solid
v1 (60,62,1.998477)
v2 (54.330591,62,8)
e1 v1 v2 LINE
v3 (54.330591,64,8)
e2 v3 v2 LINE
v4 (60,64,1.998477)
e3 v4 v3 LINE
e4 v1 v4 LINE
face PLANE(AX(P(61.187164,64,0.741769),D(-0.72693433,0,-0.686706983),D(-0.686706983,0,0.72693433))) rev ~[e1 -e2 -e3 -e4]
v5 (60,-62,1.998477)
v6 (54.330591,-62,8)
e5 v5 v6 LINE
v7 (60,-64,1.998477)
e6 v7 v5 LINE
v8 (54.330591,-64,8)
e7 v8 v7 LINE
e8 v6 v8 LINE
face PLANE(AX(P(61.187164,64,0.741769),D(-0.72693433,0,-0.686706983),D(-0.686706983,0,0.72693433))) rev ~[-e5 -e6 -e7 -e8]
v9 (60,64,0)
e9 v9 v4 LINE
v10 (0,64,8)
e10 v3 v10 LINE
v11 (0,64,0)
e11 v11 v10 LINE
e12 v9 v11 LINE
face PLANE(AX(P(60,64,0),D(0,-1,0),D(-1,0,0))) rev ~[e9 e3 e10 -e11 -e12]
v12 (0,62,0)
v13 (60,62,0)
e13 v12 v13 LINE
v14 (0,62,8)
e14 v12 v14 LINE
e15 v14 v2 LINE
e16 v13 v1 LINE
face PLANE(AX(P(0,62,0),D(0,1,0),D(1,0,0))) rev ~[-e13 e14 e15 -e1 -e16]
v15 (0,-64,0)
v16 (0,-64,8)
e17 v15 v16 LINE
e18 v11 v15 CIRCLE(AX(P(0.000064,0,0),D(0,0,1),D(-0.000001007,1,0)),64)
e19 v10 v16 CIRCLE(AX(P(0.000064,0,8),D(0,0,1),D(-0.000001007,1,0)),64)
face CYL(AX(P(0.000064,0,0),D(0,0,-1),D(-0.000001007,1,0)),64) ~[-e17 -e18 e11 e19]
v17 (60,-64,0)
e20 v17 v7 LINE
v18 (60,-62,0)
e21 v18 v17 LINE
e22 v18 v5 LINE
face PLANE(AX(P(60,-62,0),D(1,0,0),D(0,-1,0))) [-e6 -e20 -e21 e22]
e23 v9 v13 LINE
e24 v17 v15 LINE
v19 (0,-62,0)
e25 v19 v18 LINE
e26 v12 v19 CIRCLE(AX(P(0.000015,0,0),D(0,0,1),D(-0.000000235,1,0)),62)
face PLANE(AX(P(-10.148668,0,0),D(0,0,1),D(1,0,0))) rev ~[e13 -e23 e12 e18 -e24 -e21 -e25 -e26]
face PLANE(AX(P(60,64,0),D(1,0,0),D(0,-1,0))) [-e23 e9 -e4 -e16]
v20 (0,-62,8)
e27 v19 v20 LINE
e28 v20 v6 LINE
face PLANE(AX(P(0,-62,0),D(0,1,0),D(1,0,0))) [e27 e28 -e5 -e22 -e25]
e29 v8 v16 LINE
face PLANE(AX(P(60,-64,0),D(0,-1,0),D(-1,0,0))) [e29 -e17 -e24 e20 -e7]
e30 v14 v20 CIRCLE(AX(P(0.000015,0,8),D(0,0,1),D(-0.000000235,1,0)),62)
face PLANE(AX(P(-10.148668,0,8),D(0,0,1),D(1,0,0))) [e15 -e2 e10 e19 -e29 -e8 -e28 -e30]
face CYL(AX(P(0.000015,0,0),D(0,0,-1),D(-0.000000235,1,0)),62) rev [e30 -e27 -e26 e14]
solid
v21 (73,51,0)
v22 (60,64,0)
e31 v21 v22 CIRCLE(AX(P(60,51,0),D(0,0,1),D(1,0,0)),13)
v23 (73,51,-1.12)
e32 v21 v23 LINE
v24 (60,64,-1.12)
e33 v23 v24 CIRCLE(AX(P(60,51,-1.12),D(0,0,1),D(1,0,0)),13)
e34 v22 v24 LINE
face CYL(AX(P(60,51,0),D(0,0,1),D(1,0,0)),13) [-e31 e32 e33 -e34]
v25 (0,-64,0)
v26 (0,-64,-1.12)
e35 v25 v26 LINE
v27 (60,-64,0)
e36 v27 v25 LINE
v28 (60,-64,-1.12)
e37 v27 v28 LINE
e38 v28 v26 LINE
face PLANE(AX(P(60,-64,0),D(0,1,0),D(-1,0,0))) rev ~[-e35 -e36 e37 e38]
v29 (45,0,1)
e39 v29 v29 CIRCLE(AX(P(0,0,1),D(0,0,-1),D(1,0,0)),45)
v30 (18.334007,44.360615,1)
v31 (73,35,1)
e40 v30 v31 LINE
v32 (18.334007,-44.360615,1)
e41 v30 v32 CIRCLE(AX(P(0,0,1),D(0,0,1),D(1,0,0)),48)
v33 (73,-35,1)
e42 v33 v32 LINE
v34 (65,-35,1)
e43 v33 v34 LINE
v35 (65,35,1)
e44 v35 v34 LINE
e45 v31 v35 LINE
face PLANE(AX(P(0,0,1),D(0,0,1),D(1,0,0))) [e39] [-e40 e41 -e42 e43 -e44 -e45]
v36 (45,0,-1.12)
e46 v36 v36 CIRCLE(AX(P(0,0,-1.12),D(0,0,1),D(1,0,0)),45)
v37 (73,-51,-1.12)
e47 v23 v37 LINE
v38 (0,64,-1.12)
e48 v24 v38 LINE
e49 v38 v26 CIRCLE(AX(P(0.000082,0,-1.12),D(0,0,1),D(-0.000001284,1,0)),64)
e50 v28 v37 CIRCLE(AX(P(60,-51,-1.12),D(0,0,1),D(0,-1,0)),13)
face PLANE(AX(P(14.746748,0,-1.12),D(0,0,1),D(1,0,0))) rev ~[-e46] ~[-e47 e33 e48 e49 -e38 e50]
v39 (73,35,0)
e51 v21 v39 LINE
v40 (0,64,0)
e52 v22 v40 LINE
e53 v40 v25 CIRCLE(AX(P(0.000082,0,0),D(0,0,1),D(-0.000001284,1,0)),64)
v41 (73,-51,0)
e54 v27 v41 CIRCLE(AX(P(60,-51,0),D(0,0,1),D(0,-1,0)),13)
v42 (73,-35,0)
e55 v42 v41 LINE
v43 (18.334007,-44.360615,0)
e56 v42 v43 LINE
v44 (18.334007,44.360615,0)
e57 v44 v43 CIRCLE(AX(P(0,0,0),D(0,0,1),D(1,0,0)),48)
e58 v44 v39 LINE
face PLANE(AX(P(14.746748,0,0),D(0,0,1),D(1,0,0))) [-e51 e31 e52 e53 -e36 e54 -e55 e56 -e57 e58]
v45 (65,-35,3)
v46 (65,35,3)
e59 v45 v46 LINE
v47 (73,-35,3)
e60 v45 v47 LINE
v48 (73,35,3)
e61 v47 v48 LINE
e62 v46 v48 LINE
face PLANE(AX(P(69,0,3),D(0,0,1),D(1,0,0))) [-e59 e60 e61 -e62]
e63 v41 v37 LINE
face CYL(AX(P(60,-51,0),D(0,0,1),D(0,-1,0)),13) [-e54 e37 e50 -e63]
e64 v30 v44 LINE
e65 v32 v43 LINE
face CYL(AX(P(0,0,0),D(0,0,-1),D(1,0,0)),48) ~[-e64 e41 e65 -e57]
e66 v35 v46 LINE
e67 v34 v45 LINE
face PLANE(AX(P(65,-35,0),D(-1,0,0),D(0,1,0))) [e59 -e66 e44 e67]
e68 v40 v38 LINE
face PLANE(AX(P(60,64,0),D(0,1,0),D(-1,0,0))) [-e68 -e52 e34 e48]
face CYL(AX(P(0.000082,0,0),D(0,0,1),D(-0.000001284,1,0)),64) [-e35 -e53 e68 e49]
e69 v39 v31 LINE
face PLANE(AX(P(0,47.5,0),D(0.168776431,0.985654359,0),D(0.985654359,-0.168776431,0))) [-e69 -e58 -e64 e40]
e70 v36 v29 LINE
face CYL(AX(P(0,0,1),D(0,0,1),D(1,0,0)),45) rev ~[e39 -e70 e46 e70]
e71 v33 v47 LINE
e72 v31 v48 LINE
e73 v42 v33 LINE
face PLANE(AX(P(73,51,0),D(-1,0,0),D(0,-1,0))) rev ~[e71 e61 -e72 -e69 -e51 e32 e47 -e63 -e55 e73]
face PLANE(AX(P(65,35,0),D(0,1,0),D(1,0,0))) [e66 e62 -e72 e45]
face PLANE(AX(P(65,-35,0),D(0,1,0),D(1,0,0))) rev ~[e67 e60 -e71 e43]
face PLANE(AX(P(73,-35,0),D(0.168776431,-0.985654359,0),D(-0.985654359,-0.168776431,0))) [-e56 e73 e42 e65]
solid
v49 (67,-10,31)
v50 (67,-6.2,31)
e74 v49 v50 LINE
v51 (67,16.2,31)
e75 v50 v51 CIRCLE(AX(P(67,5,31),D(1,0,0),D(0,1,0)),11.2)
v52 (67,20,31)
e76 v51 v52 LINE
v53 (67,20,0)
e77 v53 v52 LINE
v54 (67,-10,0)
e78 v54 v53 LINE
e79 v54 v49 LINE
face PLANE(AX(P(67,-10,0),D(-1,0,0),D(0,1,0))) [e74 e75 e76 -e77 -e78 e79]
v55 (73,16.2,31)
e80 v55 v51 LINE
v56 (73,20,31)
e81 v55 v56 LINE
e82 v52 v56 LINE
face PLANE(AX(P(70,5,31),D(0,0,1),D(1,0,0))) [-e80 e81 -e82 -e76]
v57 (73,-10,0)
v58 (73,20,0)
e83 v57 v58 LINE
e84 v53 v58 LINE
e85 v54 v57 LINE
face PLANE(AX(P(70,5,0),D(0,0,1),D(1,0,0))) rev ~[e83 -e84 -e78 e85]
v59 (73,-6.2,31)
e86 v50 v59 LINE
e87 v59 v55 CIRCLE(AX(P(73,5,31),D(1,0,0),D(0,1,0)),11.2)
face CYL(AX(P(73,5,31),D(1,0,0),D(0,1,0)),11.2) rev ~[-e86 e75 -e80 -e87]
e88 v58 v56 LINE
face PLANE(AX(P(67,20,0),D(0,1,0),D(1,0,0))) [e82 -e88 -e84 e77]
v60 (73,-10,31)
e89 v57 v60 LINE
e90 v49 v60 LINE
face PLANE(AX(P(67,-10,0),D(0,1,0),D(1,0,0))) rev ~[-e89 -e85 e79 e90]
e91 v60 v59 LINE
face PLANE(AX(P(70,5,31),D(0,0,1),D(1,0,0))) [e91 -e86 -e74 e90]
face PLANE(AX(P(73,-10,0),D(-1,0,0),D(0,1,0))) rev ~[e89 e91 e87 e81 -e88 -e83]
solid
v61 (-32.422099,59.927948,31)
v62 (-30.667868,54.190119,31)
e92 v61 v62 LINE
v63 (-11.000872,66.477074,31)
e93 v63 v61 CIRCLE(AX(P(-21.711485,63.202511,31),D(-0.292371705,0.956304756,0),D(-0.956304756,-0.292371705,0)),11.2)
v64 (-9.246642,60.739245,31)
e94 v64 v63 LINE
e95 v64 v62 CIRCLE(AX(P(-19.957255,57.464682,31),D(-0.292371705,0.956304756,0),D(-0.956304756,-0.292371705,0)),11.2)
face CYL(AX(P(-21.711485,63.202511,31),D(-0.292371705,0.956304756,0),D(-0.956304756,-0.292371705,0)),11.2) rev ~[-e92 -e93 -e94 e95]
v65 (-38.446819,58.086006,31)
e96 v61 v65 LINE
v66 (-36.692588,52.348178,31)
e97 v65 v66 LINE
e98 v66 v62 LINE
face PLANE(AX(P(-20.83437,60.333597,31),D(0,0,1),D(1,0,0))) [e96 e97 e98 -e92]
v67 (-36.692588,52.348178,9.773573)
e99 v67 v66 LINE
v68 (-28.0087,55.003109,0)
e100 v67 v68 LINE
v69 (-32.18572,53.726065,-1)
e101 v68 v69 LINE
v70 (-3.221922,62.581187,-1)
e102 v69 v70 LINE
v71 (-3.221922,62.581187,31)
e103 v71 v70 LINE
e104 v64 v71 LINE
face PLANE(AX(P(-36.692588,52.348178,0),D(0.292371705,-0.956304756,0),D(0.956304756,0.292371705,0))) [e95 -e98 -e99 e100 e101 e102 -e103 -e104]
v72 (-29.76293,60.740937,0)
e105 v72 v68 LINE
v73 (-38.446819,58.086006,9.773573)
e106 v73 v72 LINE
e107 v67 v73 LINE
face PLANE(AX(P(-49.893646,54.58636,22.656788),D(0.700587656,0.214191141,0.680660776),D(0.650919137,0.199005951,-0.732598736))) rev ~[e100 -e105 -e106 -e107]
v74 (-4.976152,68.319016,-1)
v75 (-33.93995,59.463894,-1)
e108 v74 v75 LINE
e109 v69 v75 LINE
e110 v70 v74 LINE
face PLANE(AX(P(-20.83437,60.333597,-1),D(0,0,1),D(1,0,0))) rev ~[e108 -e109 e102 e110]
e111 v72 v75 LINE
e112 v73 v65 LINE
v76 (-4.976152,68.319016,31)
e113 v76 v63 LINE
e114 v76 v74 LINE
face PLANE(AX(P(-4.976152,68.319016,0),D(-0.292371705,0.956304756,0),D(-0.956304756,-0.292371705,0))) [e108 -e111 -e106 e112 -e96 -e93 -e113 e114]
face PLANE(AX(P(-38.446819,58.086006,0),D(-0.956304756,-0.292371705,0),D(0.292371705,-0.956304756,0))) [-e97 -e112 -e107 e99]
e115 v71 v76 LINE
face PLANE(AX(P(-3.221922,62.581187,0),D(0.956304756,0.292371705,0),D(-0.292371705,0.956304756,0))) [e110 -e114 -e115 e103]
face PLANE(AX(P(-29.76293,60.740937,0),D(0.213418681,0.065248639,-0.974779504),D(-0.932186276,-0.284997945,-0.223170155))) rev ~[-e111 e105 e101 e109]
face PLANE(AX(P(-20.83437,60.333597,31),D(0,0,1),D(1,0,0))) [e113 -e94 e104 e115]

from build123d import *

# Parameters (mm, degrees)
PAD001_DEPTH      = 8
POCKET005_DEPTH   = 128.0010000001
SKETCH020_W       = 6
SKETCH020_H       = 30
PAD004_DEPTH      = 31
SKETCH021_R       = 11.2
POCKET_DEPTH      = 6.001
PAD005_DEPTH      = 31
PAD005_DEPTH_BACK = 1
SKETCH022_R       = 11.2
POCKET006_DEPTH   = 15.7868758107
POCKET007_DEPTH   = 6
SKETCH001_R       = 45
PAD_DEPTH         = 1.12
SKETCH_W          = 8
SKETCH_H          = 70
PAD003_DEPTH      = 3
SKETCH024_R       = 48
PAD006_DEPTH      = 1
SKETCH025_R       = 45
POCKET008_DEPTH   = 2.121
PAD007_DEPTH      = 1
SKETCH027_R       = 45
POCKET009_DEPTH   = 2.121


with BuildPart() as bevel_connector:
    # Sketch002 → Pad001 (new body)
    with BuildSketch(Plane.XY):
        with BuildLine():
            Line((60, 64), (0, 64))
            ThreePointArc((0, 64), (-63.9999355288, 0), (0, -64))
            Line((60, -64), (0, -64))
            Line((60, -62), (60, -64))
            Line((0, -62), (60, -62))
            ThreePointArc((0, 62), (-61.9999854046, 0), (0, -62))
            Line((0, 62), (60, 62))
            Line((60, 64), (60, 62))
        make_face()
    extrude(amount=PAD001_DEPTH)

    # Sketch011 → Pocket005 (cut, through all)
    with BuildSketch(Plane(origin=(0, 64, 0), x_dir=(-1, 0, 0), z_dir=(0, 1, 0))):
        Polygon((-53.9525, 8.40024), (-64.2022626889, 10.8364072587), (-61.1871640783, 0.741768758), align=None)
    extrude(amount=-POCKET005_DEPTH, mode=Mode.SUBTRACT)


with BuildPart() as synchole:
    # Sketch020 → Pad004 (new body)
    with BuildSketch(Plane.XY):
        with Locations((70, 5)):
            Rectangle(SKETCH020_W, SKETCH020_H)
    extrude(amount=PAD004_DEPTH)

    # Sketch021 → Pocket (cut, through all)
    with BuildSketch(Plane.YZ.offset(73)):
        with Locations((5, 31)):
            Circle(SKETCH021_R)
    extrude(amount=-POCKET_DEPTH, mode=Mode.SUBTRACT)


with BuildPart() as stbevel1:
    # Sketch017 → Pad005 (new body, two sides)
    with BuildSketch(Plane.XY) as pad005_sk:
        Polygon((-4.9761521334, 68.3190157273), (-38.4468185922, 58.086006062), (-36.6925883638, 52.3481775262), (-3.2219219051, 62.5811871915), align=None)
    extrude(amount=PAD005_DEPTH)
    extrude(pad005_sk.sketch, amount=-PAD005_DEPTH_BACK)

    # Sketch022 → Pocket006 (cut, through all)
    with BuildSketch(Plane(origin=(-19.5271219074, 63.8703378224, 0), x_dir=(-0.956304756, -0.2923717047, 0), z_dir=(-0.2923717047, 0.956304756, 0))):
        with Locations((2.2841708584, 31)):
            Circle(SKETCH022_R)
    extrude(amount=-POCKET006_DEPTH, mode=Mode.SUBTRACT)

    # Sketch023 → Pocket007 (cut)
    with BuildSketch(Plane(origin=(-19.5271219074, 63.8703378224, 0), x_dir=(-0.956304756, -0.2923717047, 0), z_dir=(-0.2923717047, 0.956304756, 0))):
        Polygon((31.7540235497, 22.6567880743), (10.7035, 0), (40.8501158154, -6.9018941198), align=None)
    extrude(amount=-POCKET007_DEPTH, mode=Mode.SUBTRACT)


with BuildPart() as fieldstiffenerhole:
    # Sketch001 → Pad (new body)
    with BuildSketch(Plane.XY):
        with BuildLine():
            Line((60, 64), (0, 64))
            ThreePointArc((0, 63.9999999999), (-63.9999178097, 0), (0, -63.9999999999))
            Line((60, -63.9999999999), (0, -63.9999999999))
            ThreePointArc((60, -64), (69.1923881554, -60.1923881554), (73, -51))
            Line((73, 51), (73, -51))
            ThreePointArc((73, 51), (69.1923881554, 60.1923881554), (60, 64))
        make_face()
        Circle(SKETCH001_R, mode=Mode.SUBTRACT)
    extrude(amount=-PAD_DEPTH)

    # Sketch → Pad003 (new body)
    with BuildSketch(Plane.XY):
        with Locations((69, 0)):
            Rectangle(SKETCH_W, SKETCH_H)
    extrude(amount=PAD003_DEPTH)

    # Sketch024 → Pad006 (new body)
    with BuildSketch(Plane.XY):
        Circle(SKETCH024_R)
    extrude(amount=PAD006_DEPTH)

    # Sketch025 → Pocket008 (cut, through all)
    with BuildSketch(Plane.XY.offset(1)):
        Circle(SKETCH025_R)
    extrude(amount=-POCKET008_DEPTH, mode=Mode.SUBTRACT)

    # Sketch026 → Pad007 (new body)
    with BuildSketch(Plane.XY):
        Polygon((0, 47.5), (73, 35), (73, -35), (0, -47.5), align=None)
    extrude(amount=PAD007_DEPTH)

    # Sketch027 → Pocket009 (cut, through all)
    with BuildSketch(Plane.XY.offset(1)):
        Circle(SKETCH027_R)
    extrude(amount=-POCKET009_DEPTH, mode=Mode.SUBTRACT)


solid = Compound([bevel_connector.part, synchole.part, stbevel1.part, fieldstiffenerhole.part])
